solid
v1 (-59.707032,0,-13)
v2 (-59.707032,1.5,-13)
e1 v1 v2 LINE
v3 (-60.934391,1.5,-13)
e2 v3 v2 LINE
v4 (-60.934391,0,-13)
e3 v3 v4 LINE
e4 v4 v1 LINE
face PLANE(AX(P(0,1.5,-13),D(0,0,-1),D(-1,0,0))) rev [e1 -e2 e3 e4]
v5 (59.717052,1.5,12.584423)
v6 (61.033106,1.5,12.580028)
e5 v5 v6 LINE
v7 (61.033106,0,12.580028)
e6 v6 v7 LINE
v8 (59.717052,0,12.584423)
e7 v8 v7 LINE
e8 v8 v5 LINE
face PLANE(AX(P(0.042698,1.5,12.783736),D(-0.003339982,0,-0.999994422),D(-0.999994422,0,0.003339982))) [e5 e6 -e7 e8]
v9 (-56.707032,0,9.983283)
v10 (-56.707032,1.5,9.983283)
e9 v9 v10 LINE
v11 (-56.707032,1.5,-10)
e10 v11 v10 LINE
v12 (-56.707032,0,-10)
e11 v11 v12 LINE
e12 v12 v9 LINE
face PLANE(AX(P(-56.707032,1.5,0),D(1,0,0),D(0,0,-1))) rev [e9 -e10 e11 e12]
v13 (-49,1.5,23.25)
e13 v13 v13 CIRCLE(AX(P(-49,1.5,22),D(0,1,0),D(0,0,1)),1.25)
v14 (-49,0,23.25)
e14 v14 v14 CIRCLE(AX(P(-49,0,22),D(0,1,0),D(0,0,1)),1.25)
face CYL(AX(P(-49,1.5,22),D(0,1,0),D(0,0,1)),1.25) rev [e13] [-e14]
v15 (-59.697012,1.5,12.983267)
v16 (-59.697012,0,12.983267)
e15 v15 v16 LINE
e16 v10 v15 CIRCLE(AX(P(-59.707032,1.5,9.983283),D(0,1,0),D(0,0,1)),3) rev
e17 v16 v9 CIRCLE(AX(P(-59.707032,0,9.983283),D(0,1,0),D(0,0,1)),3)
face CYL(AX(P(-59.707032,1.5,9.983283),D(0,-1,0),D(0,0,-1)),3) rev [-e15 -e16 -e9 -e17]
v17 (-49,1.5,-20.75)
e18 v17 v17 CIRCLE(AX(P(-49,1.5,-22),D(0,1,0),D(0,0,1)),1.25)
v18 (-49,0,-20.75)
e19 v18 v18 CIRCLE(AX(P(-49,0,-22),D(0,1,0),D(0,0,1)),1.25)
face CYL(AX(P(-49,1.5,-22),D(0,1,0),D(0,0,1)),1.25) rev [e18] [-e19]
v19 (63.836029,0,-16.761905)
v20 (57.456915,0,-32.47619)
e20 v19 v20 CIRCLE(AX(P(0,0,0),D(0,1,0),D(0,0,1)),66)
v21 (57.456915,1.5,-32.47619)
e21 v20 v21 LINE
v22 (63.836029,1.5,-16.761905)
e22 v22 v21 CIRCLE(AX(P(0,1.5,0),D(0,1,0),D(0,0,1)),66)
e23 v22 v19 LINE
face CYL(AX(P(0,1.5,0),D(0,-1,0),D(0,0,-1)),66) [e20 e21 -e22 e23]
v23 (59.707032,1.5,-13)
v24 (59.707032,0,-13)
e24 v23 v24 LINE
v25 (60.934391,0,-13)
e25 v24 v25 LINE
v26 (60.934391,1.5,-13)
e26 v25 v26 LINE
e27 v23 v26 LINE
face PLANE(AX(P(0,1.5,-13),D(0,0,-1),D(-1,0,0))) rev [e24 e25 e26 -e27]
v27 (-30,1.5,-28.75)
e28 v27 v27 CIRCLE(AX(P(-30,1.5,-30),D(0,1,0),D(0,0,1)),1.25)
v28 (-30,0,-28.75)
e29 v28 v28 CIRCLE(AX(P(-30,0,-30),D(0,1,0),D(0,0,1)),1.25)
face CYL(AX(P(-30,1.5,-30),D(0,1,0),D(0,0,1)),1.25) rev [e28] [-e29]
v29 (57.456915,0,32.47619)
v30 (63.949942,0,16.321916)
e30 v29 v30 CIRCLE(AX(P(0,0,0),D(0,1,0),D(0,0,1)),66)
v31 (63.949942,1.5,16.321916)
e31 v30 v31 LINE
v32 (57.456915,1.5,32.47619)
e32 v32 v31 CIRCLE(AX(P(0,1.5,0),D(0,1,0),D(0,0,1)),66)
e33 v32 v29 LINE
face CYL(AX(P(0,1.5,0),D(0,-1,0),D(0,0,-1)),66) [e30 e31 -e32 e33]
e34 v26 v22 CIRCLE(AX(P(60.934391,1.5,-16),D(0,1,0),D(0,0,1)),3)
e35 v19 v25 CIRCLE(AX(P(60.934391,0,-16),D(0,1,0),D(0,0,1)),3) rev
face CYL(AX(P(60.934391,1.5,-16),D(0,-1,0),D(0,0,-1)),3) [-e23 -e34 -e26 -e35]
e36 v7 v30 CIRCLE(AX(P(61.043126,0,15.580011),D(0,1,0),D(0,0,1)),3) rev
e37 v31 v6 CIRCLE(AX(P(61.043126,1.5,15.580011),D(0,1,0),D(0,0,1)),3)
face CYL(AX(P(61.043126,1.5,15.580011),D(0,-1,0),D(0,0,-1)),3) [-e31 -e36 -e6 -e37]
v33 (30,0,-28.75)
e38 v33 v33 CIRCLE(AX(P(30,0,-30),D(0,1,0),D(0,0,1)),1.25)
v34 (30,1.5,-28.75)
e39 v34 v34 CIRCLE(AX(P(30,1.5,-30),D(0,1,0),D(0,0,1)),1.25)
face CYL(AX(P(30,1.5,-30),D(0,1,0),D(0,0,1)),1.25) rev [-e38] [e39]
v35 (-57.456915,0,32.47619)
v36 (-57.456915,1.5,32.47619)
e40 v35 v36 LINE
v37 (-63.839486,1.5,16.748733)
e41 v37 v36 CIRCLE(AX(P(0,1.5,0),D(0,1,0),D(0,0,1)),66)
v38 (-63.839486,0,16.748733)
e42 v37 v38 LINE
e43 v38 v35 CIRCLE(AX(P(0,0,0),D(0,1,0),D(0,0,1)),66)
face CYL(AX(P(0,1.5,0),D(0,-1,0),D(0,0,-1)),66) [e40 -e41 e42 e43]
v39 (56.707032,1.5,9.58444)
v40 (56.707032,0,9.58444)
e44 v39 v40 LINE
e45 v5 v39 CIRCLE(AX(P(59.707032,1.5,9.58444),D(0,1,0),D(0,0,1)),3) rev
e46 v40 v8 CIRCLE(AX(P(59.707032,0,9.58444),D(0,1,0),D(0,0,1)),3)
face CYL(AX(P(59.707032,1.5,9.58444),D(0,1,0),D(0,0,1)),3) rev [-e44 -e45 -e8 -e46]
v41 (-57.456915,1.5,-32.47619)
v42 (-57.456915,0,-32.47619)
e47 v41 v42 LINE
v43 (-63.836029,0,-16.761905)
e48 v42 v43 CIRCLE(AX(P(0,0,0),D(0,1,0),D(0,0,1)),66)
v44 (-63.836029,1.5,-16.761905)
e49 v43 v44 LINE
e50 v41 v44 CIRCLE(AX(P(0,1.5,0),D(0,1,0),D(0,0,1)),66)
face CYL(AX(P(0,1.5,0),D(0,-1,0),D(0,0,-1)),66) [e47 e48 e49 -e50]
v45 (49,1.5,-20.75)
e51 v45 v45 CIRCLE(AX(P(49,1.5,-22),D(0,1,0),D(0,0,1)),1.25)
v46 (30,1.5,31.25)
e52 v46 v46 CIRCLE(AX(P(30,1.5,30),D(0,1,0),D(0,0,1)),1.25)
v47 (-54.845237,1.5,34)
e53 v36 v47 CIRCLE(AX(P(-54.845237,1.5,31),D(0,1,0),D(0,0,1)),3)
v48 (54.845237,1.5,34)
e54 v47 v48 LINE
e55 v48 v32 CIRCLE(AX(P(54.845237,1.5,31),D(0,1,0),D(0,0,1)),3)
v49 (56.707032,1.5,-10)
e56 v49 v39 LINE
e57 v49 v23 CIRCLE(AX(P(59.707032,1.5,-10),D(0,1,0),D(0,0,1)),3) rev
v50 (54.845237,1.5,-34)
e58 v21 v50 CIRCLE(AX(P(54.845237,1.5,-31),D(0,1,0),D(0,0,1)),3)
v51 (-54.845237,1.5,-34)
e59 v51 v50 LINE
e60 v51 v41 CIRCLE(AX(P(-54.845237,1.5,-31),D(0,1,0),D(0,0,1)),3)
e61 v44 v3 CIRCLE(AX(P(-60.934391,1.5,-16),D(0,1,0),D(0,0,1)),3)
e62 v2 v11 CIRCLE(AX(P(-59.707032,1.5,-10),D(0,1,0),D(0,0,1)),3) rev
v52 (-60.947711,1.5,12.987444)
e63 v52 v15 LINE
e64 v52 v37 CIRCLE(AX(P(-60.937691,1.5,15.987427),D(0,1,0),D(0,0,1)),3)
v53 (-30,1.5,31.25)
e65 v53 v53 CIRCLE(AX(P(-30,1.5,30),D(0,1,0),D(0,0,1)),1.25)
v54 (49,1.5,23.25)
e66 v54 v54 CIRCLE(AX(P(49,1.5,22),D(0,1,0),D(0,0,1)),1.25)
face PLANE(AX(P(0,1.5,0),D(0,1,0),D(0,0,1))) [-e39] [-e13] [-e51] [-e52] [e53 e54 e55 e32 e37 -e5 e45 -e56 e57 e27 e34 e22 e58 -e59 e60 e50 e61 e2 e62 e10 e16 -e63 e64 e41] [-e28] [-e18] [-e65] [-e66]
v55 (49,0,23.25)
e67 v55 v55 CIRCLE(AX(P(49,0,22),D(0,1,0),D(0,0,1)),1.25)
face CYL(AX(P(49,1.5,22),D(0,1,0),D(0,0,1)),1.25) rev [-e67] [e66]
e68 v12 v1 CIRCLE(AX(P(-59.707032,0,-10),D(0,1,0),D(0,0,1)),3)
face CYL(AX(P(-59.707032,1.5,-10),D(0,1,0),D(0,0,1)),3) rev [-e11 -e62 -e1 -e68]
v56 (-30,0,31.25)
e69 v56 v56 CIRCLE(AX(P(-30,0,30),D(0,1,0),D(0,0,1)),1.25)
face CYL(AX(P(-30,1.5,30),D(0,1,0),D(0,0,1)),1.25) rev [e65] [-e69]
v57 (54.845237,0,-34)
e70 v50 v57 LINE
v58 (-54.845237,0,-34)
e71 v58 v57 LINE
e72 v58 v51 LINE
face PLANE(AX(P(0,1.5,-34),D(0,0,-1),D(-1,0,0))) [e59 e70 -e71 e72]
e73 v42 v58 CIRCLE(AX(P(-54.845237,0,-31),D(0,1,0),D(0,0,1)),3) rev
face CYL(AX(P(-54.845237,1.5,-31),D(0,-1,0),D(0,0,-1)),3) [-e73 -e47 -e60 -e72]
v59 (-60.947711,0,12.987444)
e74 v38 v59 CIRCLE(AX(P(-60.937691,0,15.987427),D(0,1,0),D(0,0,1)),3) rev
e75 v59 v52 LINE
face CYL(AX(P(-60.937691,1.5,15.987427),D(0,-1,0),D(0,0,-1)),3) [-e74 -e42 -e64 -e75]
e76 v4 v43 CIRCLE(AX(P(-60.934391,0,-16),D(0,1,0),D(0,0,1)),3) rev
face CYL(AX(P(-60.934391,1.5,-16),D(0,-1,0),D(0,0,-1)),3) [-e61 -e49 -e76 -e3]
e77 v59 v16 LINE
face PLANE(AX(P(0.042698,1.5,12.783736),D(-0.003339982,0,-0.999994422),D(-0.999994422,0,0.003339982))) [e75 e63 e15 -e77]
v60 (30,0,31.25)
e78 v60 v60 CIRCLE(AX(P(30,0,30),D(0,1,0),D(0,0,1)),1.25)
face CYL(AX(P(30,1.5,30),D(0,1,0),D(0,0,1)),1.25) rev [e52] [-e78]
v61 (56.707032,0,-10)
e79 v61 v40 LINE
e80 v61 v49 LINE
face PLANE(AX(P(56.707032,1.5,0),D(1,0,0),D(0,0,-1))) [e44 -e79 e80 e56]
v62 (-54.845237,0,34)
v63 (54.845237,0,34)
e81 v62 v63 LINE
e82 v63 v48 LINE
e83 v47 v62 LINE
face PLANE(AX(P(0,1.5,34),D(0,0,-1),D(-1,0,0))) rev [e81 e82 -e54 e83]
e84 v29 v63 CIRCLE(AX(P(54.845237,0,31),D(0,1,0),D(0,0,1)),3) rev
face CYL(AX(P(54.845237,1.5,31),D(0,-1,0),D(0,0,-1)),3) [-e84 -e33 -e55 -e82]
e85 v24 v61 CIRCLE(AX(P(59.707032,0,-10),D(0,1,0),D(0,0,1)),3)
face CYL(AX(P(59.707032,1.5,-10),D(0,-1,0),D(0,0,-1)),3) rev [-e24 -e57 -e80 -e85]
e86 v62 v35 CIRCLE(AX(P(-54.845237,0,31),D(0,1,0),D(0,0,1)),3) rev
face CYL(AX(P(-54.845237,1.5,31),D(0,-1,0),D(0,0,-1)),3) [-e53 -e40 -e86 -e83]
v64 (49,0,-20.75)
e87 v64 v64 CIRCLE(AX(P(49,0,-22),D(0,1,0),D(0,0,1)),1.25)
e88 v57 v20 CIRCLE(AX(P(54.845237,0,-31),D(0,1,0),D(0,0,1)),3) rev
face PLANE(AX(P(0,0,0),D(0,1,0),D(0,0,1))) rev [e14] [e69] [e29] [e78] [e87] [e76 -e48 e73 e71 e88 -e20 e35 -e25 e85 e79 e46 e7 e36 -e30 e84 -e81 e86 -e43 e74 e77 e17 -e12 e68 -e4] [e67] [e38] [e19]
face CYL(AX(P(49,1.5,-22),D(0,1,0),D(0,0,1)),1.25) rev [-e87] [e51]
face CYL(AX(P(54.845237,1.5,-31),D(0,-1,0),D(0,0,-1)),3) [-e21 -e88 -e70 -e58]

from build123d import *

# Parameters (mm, degrees)
EXTRUDE_2_DEPTH             = 1.5
M3X0_5_1_D                  = 2.5
M3X0_5_1_DEPTH              = 4
M3X0_5_1_TIP                = 0.751075774
M3X0_5_1_ON_FACE_2_D        = 2.5
M3X0_5_1_ON_FACE_2_DEPTH    = 4
M3X0_5_1_ON_FACE_2_TIP      = 0.751075774
PATTERN_LINEAR_1_COUNT      = 2
PATTERN_LINEAR_1_PITCH      = 98
PATTERN_LINEAR_1_COUNT_DIR2 = 2
PATTERN_LINEAR_1_PITCH_DIR2 = 44
FILLET_1_R                  = 3


with BuildPart() as part:
    # 草圖10 → 填料-伸長2 (new body)
    with BuildSketch(Plane(origin=(0, 0, 0), x_dir=(1, 0, 0), z_dir=(0, 1, 0))):
        with BuildLine():
            Line((56.568542495, 34), (-56.568542495, 34))
            ThreePointArc((-56.568542495, 34), (-61.540159626, 23.849711805), (-64.707032075, 13))
            Line((-64.707032075, 13), (-56.707032075, 13))
            Line((-56.707032075, 13), (-56.707032075, -12.973279994))
            Line((-56.707032075, -12.973279994), (-64.707032075, -13))
            ThreePointArc((-64.707032075, -13), (-61.540159626, -23.849711805), (-56.568542495, -34))
            Line((-56.568542495, -34), (56.568542495, -34))
            ThreePointArc((56.568542495, -34), (61.619473981, -23.644035746), (64.792427449, -12.567471713))
            Line((64.792427449, -12.567471713), (56.707032075, -12.594476939))
            Line((56.707032075, -12.594476939), (56.707032075, 13))
            Line((56.707032075, 13), (64.707032075, 13))
            ThreePointArc((64.707032075, 13), (61.540159626, 23.849711805), (56.568542495, 34))
        make_face()
    extrude(amount=EXTRUDE_2_DEPTH)

    # M3x0.5  螺絲攻的螺孔鑽1
    with Locations(Plane(origin=(30, 1.5, 30), x_dir=(0, 0, 1), z_dir=(0, 1, 0))):
        with Locations((0, 0), (-60, -60), (0, -60), (-60, 0)):
            Hole(M3X0_5_1_D / 2, depth=M3X0_5_1_DEPTH)
            with Locations((0, 0, -(M3X0_5_1_DEPTH + M3X0_5_1_TIP / 2))):  # 118° drill point
                Cone(0, M3X0_5_1_D / 2, M3X0_5_1_TIP, mode=Mode.SUBTRACT)

    # M3x0.5  螺絲攻的螺孔鑽1 on face 2
    with Locations(Plane(origin=(-30, 0, -30), x_dir=(0, 0, -1), z_dir=(0, -1, 0))):
        with Locations((0, 0)):
            Hole(M3X0_5_1_ON_FACE_2_D / 2, depth=M3X0_5_1_ON_FACE_2_DEPTH)
            with Locations((0, 0, -(M3X0_5_1_ON_FACE_2_DEPTH + M3X0_5_1_ON_FACE_2_TIP / 2))):  # 118° drill point
                Cone(0, M3X0_5_1_ON_FACE_2_D / 2, M3X0_5_1_ON_FACE_2_TIP, mode=Mode.SUBTRACT)

    # 草圖14 → M3x0.5  螺絲攻的螺孔鑽2 (revolve, cut)
    with BuildSketch(Plane(origin=(-49, 1.5, -22), x_dir=(0, 0, 1), z_dir=(1, 0, 0))):
        Polygon((0, 0), (0, 4.751075774), (1.25, 4), (1.25, 0), align=None)
    m3x0_5_2 = revolve(axis=Axis((-49, 7.85, -22), (0, -1, 0)), mode=Mode.SUBTRACT)

    # 直線複製排列1: M3x0.5 _2 2 × 2
    with Locations(*[(i * PATTERN_LINEAR_1_PITCH, 0, j * PATTERN_LINEAR_1_PITCH_DIR2) for i in range(PATTERN_LINEAR_1_COUNT) for j in range(PATTERN_LINEAR_1_COUNT_DIR2) if (i, j) != (0, 0)]):
        add(m3x0_5_2, mode=Mode.SUBTRACT)

    # 圓角1
    fillet_1_edges = [part.edges().sort_by_distance(p)[0] for p in [
        (-56.707032075, 0.75, -13),
        (-64.707032075, 0.75, -13),
        (-56.568542495, 0.75, -34),
        (56.568542495, 0.75, -34),
        (64.707032075, 0.75, -13),
        (56.707032075, 0.75, -13),
        (56.707032075, 0.75, 12.594476939),
        (64.792427449, 0.75, 12.567471713),
        (56.568542495, 0.75, 34),
        (-56.568542495, 0.75, 34),
        (-64.707032075, 0.75, 13),
        (-56.707032075, 0.75, 12.973279994),
    ]]
    fillet(fillet_1_edges, radius=FILLET_1_R)


solid = part.part
